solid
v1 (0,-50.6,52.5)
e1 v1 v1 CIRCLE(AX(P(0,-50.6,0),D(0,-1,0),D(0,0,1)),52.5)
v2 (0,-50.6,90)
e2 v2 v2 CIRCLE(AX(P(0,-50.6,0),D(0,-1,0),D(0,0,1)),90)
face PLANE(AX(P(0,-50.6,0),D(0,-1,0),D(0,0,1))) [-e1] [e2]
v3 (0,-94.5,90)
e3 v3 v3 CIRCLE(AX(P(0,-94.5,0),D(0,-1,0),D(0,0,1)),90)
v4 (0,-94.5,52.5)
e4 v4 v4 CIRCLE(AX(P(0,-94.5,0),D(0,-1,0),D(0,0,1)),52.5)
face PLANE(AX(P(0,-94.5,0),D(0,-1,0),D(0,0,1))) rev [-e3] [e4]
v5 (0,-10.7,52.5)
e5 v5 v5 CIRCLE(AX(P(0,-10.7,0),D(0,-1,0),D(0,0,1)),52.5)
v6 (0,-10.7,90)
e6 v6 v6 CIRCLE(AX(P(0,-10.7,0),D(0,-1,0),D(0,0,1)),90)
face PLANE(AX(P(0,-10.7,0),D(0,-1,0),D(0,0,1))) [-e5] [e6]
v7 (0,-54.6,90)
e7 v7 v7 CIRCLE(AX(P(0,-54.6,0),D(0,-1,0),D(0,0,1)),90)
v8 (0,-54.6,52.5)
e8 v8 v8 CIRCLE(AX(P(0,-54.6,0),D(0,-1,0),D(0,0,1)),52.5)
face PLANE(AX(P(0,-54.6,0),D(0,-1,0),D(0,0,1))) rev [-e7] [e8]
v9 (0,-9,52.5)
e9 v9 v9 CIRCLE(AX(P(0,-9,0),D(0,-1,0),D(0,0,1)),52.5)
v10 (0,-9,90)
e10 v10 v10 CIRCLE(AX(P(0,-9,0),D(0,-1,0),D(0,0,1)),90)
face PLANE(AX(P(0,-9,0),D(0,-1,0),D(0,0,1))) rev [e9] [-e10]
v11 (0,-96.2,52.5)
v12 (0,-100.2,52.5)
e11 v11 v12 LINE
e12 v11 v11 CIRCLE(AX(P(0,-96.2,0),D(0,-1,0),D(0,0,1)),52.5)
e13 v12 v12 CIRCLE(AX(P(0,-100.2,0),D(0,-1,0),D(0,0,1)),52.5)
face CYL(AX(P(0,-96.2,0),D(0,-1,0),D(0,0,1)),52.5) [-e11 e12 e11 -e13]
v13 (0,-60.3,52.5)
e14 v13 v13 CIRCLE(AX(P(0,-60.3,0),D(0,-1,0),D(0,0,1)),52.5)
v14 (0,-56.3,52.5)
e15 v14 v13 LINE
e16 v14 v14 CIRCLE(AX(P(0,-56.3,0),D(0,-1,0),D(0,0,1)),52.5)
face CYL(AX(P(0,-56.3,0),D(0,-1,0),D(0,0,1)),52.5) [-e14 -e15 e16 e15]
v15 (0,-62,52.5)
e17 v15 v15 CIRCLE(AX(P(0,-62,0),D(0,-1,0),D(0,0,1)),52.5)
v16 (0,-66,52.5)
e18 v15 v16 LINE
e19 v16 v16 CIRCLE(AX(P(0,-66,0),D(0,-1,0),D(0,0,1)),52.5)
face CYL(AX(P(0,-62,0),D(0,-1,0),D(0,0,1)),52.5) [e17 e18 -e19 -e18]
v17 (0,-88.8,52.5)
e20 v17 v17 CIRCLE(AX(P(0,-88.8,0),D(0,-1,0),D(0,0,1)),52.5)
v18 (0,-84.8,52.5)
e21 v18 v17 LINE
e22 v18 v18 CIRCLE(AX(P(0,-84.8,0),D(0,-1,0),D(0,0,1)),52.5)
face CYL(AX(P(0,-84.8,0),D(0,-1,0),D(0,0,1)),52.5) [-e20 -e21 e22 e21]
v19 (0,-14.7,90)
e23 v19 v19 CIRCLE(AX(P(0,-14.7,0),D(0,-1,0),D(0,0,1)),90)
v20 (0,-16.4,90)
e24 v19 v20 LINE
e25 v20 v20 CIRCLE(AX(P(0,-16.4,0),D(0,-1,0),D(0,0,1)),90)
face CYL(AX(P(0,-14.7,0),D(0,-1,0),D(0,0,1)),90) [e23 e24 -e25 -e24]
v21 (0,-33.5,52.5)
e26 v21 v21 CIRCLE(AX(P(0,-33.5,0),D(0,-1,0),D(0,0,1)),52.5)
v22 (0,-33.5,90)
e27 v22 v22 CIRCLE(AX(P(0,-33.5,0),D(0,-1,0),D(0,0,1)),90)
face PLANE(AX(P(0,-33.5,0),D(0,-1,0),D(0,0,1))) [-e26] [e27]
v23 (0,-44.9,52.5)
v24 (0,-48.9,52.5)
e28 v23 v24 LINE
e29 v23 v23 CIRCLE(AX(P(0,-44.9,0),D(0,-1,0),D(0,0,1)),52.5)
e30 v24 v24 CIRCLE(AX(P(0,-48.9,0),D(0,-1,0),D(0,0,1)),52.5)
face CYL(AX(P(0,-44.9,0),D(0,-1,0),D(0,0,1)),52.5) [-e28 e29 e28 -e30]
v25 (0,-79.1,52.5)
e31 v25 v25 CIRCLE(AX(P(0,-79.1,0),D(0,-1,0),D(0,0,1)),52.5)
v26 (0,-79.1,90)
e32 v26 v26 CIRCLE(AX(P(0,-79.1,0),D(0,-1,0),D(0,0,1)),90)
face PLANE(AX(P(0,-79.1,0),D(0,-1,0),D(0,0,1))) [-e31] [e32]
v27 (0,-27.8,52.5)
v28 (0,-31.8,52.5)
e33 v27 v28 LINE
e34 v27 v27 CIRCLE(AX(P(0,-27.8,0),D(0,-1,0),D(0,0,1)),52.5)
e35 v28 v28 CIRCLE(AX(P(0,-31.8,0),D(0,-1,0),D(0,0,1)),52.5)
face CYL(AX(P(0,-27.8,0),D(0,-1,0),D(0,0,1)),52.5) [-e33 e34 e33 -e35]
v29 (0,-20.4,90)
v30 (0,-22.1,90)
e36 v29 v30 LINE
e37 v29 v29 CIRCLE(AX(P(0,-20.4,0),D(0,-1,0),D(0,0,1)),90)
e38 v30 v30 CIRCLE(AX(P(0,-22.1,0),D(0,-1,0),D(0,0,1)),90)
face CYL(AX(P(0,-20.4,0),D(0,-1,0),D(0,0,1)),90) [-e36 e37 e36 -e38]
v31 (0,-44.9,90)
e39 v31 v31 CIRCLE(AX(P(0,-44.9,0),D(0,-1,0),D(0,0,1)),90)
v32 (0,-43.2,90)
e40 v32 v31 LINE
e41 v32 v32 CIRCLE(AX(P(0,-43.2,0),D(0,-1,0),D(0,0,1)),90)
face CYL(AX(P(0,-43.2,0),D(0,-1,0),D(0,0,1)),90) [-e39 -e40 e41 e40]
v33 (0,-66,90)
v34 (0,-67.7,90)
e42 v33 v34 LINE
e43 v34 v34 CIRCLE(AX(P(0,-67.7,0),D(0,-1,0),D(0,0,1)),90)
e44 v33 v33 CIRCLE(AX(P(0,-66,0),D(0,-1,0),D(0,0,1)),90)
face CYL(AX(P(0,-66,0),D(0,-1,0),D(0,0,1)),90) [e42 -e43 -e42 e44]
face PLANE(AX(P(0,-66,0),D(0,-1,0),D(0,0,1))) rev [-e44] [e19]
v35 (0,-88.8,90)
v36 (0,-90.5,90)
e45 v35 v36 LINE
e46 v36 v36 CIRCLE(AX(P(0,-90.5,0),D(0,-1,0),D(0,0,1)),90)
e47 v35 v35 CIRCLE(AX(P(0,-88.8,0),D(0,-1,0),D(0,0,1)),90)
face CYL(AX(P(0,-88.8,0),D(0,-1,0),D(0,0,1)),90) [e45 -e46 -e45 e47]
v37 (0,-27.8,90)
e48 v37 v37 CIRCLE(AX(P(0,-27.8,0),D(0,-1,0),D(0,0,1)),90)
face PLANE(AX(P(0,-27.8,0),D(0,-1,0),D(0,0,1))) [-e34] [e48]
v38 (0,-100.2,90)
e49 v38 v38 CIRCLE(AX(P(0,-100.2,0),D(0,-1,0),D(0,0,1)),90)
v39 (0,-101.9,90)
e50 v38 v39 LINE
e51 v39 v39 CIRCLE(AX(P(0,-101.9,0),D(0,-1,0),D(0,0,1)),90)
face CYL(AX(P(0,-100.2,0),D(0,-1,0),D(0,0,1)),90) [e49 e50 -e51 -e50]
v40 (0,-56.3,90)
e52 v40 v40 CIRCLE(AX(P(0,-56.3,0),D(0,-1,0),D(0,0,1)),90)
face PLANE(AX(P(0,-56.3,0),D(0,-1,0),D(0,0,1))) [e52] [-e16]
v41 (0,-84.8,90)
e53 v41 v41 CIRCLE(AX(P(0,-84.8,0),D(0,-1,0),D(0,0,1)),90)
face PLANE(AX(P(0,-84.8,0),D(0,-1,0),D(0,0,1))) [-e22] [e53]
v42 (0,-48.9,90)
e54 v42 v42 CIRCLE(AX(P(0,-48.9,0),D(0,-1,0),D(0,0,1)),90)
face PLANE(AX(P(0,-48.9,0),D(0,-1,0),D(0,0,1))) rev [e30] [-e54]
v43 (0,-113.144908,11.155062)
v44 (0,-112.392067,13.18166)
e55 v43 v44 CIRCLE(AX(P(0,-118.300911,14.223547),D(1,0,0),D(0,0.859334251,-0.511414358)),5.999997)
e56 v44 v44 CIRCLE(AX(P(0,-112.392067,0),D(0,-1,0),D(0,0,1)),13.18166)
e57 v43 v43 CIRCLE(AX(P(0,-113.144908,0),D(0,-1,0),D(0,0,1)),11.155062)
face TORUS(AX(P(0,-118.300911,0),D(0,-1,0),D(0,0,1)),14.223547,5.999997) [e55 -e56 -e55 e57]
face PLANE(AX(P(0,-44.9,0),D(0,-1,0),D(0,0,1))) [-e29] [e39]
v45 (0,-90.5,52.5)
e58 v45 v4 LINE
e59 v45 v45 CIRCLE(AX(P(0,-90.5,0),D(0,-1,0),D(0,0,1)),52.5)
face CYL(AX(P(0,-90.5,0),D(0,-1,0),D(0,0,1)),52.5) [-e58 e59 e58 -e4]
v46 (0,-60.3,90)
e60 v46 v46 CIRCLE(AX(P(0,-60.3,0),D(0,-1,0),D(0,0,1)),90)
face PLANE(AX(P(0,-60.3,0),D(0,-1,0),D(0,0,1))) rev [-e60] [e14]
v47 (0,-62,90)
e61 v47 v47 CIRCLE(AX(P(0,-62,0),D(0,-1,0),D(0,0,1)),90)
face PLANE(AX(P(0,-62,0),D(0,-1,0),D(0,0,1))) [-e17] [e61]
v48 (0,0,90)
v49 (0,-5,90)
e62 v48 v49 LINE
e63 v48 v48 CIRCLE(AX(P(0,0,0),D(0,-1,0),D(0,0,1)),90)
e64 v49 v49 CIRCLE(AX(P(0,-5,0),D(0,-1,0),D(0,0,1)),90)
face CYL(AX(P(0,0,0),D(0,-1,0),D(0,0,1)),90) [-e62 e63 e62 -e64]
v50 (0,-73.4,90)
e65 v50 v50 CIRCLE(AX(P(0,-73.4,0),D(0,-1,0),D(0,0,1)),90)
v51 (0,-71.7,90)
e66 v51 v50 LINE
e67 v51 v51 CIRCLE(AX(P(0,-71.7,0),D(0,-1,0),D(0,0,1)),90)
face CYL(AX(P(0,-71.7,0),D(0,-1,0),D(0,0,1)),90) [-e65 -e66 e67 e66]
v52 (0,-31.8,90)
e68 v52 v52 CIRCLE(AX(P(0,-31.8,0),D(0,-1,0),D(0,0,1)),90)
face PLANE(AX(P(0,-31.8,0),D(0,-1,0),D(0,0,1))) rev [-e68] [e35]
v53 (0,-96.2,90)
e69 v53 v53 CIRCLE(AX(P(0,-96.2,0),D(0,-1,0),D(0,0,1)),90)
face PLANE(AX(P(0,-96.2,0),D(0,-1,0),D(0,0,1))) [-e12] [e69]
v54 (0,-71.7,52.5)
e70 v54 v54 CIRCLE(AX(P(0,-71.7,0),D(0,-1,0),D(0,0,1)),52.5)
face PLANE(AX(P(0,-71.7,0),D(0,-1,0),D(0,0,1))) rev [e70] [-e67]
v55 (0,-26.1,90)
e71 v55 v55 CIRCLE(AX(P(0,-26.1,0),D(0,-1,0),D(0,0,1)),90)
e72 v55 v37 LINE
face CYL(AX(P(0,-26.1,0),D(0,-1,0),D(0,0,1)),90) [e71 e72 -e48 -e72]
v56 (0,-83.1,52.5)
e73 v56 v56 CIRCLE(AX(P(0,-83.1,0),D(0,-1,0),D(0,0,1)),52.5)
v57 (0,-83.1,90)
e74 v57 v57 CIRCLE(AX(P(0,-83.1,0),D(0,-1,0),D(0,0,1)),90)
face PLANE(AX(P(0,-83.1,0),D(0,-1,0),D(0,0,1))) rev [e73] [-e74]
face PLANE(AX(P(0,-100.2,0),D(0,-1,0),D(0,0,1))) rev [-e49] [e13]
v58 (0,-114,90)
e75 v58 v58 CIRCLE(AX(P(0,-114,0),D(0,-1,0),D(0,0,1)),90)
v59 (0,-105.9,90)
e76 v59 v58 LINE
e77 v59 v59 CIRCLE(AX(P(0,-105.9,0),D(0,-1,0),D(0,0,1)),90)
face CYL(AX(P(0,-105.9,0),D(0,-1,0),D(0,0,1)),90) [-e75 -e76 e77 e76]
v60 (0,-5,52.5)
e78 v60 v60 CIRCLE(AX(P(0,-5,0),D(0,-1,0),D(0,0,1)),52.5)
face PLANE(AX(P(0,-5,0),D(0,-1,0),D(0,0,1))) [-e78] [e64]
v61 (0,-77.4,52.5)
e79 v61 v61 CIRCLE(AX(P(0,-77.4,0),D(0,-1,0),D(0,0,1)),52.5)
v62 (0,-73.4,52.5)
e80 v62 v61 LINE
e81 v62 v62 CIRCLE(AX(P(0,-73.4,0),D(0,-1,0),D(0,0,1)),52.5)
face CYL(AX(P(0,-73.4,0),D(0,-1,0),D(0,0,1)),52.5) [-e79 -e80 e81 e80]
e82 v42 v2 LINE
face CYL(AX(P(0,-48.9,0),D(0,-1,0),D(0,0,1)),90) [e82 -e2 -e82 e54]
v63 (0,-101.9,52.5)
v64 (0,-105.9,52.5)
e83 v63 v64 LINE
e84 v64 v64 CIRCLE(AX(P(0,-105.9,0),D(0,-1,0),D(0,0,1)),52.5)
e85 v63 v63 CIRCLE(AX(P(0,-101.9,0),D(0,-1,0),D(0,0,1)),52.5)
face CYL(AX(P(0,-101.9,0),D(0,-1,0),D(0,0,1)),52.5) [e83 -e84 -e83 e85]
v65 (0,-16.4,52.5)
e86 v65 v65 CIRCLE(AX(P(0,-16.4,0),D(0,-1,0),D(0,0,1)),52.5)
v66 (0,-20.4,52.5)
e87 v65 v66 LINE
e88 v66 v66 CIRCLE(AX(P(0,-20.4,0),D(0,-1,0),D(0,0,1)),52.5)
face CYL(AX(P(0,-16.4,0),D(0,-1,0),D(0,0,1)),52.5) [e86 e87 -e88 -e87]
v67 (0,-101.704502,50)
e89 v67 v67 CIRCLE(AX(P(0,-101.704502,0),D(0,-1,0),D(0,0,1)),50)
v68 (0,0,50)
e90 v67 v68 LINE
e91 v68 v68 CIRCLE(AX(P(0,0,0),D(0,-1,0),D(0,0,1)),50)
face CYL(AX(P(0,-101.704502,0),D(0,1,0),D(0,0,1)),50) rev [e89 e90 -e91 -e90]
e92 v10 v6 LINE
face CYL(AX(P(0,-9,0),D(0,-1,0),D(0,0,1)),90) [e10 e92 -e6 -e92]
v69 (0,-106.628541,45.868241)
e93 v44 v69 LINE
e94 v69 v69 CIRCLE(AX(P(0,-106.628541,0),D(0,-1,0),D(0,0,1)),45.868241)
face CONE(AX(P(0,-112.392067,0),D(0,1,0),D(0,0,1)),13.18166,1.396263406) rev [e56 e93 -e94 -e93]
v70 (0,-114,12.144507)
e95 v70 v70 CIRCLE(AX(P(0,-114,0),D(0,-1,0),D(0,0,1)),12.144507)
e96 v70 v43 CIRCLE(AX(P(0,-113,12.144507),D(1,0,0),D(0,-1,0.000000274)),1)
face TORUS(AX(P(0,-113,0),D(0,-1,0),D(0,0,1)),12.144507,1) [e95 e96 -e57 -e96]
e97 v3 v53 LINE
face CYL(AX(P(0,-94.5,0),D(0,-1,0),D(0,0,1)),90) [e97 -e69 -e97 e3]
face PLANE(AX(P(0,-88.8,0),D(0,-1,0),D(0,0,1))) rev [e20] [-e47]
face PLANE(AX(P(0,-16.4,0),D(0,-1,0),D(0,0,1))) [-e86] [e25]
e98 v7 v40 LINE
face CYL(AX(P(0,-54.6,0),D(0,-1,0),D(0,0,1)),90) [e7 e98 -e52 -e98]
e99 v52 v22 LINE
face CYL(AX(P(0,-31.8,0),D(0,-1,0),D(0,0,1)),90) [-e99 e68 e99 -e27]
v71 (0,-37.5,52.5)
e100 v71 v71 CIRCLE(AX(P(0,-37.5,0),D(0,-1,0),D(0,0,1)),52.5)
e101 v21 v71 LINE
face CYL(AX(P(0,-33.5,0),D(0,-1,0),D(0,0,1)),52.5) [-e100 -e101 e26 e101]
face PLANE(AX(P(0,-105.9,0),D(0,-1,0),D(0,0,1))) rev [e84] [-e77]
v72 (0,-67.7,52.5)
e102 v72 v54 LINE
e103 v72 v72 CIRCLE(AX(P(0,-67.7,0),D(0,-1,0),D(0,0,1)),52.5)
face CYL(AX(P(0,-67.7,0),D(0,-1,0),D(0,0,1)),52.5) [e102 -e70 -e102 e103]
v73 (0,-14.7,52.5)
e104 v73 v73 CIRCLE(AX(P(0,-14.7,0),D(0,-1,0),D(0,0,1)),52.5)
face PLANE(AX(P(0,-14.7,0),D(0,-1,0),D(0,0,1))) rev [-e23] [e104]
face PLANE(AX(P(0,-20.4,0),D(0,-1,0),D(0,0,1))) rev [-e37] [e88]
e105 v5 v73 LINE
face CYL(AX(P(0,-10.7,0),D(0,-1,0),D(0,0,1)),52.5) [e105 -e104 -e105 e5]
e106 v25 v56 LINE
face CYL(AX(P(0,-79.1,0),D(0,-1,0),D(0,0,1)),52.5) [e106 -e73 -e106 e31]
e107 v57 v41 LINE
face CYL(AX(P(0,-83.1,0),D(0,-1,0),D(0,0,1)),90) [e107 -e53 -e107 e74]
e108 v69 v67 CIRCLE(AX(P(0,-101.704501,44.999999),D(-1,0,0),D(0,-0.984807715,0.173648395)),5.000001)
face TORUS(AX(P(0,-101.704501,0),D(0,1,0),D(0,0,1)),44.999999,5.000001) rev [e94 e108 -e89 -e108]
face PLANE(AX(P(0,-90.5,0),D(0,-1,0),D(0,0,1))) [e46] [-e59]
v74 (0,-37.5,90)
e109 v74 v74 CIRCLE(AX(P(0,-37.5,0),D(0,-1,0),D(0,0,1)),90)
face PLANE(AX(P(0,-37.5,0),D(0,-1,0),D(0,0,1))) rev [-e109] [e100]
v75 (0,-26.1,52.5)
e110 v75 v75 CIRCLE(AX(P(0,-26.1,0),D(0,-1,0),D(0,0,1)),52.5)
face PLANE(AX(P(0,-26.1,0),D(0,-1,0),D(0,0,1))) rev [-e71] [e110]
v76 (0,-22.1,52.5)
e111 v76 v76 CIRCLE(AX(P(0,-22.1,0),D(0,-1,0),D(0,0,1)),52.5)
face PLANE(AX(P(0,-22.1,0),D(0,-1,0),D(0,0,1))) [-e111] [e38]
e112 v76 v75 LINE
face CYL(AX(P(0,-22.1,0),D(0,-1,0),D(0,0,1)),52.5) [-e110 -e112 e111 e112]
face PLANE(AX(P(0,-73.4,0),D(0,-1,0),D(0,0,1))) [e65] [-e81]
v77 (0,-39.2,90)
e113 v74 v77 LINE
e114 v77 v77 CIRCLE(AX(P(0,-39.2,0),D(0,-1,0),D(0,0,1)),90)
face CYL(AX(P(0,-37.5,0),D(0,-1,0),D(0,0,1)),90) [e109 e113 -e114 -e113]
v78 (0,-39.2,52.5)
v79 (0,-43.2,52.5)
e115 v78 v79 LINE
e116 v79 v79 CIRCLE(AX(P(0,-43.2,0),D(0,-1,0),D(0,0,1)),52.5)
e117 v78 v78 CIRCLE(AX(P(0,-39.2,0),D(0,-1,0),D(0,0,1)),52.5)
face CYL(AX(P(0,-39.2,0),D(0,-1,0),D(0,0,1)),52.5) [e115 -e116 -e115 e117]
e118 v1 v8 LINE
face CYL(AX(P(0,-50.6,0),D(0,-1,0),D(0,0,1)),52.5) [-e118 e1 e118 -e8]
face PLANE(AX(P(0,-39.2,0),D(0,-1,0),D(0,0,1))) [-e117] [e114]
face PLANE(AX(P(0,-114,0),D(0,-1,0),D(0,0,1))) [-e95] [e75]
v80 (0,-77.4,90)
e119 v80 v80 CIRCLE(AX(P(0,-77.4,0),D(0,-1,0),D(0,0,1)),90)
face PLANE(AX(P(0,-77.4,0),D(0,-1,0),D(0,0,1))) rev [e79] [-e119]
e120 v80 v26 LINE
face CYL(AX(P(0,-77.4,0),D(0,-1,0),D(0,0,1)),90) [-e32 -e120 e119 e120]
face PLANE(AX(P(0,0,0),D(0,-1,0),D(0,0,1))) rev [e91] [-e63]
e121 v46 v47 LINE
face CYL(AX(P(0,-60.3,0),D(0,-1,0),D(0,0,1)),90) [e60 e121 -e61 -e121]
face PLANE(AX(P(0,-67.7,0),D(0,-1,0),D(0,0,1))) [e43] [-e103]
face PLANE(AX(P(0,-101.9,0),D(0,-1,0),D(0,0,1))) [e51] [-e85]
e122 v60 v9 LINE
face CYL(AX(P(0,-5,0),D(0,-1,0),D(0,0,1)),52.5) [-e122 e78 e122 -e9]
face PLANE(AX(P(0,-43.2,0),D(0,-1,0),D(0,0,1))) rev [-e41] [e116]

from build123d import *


with BuildPart() as f1:
    # F0 (on Right) → F1 (revolve)
    with BuildSketch(Plane.YZ):
        with BuildLine():
            Line((-105.9, 90), (-114, 90))
            Line((-114, 90), (-114, 50))
            Line((-114, 50), (-114, 12.144507))
            ThreePointArc((-114, 12.144507), (-113.756607, 11.490637), (-113.144908, 11.155062))
            ThreePointArc((-113.144908, 11.155062), (-112.676457, 12.134173), (-112.392067, 13.18166))
            Line((-112.392067, 13.18166), (-106.628541, 45.868241))
            ThreePointArc((-106.628541, 45.868241), (-104.91844, 48.830222), (-101.704502, 50))
            Line((-101.704502, 50), (0, 50))
            Line((0, 50), (0, 90))
            Line((0, 90), (-5, 90))
            Line((-5, 90), (-5, 52.5))
            Line((-5, 52.5), (-9, 52.5))
            Line((-9, 52.5), (-9, 90))
            Line((-9, 90), (-10.7, 90))
            Line((-10.7, 90), (-10.7, 52.5))
            Line((-10.7, 52.5), (-14.7, 52.5))
            Line((-14.7, 52.5), (-14.7, 90))
            Line((-14.7, 90), (-16.4, 90))
            Line((-16.4, 90), (-16.4, 52.5))
            Line((-16.4, 52.5), (-20.4, 52.5))
            Line((-20.4, 52.5), (-20.4, 90))
            Line((-20.4, 90), (-22.1, 90))
            Line((-22.1, 90), (-22.1, 52.5))
            Line((-22.1, 52.5), (-26.1, 52.5))
            Line((-26.1, 52.5), (-26.1, 90))
            Line((-26.1, 90), (-27.8, 90))
            Line((-27.8, 90), (-27.8, 52.5))
            Line((-27.8, 52.5), (-31.8, 52.5))
            Line((-31.8, 52.5), (-31.8, 90))
            Line((-31.8, 90), (-33.5, 90))
            Line((-33.5, 90), (-33.5, 52.5))
            Line((-33.5, 52.5), (-37.5, 52.5))
            Line((-37.5, 52.5), (-37.5, 90))
            Line((-37.5, 90), (-39.2, 90))
            Line((-39.2, 90), (-39.2, 52.5))
            Line((-39.2, 52.5), (-43.2, 52.5))
            Line((-43.2, 52.5), (-43.2, 90))
            Line((-43.2, 90), (-44.9, 90))
            Line((-44.9, 90), (-44.9, 52.5))
            Line((-44.9, 52.5), (-48.9, 52.5))
            Line((-48.9, 52.5), (-48.9, 90))
            Line((-48.9, 90), (-50.6, 90))
            Line((-50.6, 90), (-50.6, 52.5))
            Line((-50.6, 52.5), (-54.6, 52.5))
            Line((-54.6, 52.5), (-54.6, 90))
            Line((-54.6, 90), (-56.3, 90))
            Line((-56.3, 90), (-56.3, 52.5))
            Line((-56.3, 52.5), (-60.3, 52.5))
            Line((-60.3, 52.5), (-60.3, 90))
            Line((-60.3, 90), (-62, 90))
            Line((-62, 90), (-62, 52.5))
            Line((-62, 52.5), (-66, 52.5))
            Line((-66, 52.5), (-66, 90))
            Line((-66, 90), (-67.7, 90))
            Line((-67.7, 90), (-67.7, 52.5))
            Line((-67.7, 52.5), (-71.7, 52.5))
            Line((-71.7, 52.5), (-71.7, 90))
            Line((-71.7, 90), (-73.4, 90))
            Line((-73.4, 90), (-73.4, 52.5))
            Line((-73.4, 52.5), (-77.4, 52.5))
            Line((-77.4, 52.5), (-77.4, 90))
            Line((-77.4, 90), (-79.1, 90))
            Line((-79.1, 90), (-79.1, 52.5))
            Line((-79.1, 52.5), (-83.1, 52.5))
            Line((-83.1, 52.5), (-83.1, 90))
            Line((-83.1, 90), (-84.8, 90))
            Line((-84.8, 90), (-84.8, 52.5))
            Line((-84.8, 52.5), (-88.8, 52.5))
            Line((-88.8, 52.5), (-88.8, 90))
            Line((-88.8, 90), (-90.5, 90))
            Line((-90.5, 90), (-90.5, 52.5))
            Line((-90.5, 52.5), (-94.5, 52.5))
            Line((-94.5, 52.5), (-94.5, 90))
            Line((-94.5, 90), (-96.2, 90))
            Line((-96.2, 90), (-96.2, 52.5))
            Line((-96.2, 52.5), (-100.2, 52.5))
            Line((-100.2, 52.5), (-100.2, 90))
            Line((-100.2, 90), (-101.9, 90))
            Line((-101.9, 90), (-101.9, 52.5))
            Line((-101.9, 52.5), (-105.9, 52.5))
            Line((-105.9, 52.5), (-105.9, 90))
        make_face()
    revolve(axis=Axis((0, -6.452899, 0), (0, -1, 0)))


solid = f1.part
